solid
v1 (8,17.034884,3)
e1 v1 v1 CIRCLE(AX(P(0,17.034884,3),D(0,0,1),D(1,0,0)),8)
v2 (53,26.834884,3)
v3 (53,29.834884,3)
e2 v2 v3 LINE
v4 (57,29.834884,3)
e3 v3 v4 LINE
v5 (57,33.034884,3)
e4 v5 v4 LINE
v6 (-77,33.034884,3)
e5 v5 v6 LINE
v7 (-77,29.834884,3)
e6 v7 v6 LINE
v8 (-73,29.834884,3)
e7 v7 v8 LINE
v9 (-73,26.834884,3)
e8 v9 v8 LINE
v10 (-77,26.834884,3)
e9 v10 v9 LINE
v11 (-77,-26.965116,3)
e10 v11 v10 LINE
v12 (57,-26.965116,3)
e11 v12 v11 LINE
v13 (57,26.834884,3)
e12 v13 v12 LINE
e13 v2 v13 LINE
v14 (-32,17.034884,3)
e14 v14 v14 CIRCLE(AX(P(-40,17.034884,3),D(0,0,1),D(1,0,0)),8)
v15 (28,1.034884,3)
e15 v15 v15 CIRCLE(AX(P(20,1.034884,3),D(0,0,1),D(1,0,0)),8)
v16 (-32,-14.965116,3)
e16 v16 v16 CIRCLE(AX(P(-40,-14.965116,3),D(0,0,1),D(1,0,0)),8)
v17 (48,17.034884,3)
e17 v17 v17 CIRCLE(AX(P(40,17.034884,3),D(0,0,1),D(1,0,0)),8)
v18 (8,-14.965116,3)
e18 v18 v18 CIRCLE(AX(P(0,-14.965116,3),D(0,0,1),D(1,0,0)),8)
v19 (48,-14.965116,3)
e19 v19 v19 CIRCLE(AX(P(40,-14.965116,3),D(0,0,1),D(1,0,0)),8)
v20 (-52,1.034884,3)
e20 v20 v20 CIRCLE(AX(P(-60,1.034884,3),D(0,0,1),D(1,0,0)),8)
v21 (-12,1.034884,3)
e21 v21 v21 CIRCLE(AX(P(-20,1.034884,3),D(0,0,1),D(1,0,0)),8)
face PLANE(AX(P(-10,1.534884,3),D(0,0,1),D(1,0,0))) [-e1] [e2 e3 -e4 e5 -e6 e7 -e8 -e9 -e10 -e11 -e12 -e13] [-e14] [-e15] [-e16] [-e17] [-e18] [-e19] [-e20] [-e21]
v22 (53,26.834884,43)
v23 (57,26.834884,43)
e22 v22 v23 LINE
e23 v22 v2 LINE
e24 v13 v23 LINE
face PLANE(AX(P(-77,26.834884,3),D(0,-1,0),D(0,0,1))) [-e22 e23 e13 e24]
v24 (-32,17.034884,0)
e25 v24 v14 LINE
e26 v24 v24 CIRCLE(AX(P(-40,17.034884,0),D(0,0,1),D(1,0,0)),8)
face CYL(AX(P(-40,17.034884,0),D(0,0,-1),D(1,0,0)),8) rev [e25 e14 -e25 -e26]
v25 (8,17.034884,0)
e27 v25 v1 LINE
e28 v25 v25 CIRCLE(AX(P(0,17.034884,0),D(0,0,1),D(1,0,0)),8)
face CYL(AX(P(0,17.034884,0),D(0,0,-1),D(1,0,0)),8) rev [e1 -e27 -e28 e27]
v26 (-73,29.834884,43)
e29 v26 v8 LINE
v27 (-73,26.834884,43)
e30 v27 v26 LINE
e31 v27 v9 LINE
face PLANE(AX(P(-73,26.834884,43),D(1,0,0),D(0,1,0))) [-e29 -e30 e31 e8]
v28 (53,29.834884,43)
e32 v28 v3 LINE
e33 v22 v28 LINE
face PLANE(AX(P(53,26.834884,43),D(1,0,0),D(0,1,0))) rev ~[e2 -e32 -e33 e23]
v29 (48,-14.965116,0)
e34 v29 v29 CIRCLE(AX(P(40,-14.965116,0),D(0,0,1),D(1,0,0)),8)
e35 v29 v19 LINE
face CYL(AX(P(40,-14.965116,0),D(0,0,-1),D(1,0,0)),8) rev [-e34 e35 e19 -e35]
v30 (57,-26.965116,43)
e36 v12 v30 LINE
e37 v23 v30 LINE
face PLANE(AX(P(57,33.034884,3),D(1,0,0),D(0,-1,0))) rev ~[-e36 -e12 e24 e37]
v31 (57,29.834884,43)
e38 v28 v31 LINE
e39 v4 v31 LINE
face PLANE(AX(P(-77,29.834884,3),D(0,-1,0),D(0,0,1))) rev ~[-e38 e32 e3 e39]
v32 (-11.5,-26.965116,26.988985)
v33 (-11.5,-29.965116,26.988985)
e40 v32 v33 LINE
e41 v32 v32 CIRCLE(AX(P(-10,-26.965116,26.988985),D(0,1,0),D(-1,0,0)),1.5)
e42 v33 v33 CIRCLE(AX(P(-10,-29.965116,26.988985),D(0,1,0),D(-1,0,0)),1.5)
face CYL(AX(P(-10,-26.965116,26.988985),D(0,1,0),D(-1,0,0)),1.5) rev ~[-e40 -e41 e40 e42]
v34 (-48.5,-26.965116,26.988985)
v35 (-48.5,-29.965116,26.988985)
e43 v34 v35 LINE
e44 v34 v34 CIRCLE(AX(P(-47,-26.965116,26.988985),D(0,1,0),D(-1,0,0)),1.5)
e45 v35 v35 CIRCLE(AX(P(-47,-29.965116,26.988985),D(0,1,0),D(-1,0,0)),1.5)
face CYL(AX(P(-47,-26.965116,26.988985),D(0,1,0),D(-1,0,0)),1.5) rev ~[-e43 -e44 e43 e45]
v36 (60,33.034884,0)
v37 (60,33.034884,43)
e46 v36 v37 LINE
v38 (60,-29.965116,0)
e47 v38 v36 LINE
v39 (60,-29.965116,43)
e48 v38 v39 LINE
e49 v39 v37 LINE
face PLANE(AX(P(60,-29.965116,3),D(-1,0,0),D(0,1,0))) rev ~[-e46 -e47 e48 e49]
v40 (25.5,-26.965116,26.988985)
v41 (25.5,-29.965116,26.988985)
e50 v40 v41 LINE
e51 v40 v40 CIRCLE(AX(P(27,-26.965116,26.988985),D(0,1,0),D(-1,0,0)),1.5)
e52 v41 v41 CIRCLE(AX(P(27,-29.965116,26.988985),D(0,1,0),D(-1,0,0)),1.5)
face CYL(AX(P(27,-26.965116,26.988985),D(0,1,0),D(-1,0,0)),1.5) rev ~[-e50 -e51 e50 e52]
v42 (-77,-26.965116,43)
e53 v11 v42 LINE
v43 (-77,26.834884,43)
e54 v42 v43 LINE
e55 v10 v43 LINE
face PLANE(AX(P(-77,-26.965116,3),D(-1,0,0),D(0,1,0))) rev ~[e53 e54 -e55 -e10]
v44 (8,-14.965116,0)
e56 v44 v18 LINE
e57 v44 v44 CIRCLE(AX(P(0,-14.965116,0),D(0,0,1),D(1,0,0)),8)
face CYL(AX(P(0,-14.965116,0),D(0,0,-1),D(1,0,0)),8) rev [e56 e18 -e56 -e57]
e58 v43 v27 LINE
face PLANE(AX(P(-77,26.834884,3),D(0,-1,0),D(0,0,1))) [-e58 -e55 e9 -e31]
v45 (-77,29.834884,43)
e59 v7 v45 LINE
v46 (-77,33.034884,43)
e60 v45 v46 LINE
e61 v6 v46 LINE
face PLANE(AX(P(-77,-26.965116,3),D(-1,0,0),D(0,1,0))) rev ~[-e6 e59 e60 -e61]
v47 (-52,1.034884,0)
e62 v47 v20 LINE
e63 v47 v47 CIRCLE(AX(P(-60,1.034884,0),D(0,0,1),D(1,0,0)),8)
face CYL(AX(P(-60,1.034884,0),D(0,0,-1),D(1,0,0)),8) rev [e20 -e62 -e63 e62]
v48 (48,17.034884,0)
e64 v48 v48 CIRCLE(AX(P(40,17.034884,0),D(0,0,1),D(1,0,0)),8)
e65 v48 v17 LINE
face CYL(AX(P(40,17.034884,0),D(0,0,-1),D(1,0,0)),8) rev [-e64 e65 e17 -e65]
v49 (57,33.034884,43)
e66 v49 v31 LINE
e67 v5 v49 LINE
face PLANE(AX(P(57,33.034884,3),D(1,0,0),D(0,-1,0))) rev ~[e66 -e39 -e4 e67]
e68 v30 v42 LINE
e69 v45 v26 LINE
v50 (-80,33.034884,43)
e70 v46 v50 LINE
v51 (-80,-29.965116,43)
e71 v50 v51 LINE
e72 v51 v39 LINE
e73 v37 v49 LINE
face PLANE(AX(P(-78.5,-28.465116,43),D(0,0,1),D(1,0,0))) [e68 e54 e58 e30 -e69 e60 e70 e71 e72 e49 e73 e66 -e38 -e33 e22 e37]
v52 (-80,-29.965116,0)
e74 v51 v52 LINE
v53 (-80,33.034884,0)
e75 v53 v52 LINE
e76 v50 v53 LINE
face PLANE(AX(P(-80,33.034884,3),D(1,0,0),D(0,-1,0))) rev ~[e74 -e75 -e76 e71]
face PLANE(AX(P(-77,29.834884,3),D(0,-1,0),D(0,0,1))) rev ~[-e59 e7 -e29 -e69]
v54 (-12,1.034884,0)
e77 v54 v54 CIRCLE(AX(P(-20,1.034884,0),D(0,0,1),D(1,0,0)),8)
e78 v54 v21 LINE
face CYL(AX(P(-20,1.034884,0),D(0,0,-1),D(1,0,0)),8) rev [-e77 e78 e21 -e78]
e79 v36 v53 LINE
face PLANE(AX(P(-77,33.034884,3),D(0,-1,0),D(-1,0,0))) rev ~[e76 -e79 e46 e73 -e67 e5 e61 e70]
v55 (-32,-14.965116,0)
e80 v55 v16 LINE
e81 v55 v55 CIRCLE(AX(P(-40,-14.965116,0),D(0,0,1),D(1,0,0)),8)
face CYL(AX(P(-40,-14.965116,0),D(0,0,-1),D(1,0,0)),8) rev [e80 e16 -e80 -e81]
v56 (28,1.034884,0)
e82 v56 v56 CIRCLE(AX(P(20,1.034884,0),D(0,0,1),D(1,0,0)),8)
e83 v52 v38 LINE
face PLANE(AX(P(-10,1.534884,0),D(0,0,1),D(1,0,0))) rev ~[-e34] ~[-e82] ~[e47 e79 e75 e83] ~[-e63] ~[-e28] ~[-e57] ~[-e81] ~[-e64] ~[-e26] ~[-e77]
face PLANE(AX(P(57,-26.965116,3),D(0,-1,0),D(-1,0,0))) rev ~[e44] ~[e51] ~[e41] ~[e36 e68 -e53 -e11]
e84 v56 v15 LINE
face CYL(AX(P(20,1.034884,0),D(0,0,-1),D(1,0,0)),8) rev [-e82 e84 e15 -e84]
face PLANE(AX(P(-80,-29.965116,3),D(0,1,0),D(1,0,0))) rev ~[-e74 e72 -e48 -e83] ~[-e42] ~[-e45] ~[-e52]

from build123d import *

# Parameters (mm, degrees)
F0_R     = 8
F1_DEPTH = 3
F2_W     = 3
F2_H     = 3
F2_W_2   = 134
F3_DEPTH = 40
F4_W     = 3
F4_H     = 40
F5_DEPTH = 134
F6_W     = 126
F6_H     = 3
F7_DEPTH = 40
F8_R     = 1.5
F9_DEPTH = 3


with BuildPart() as f1:
    # F0 (on Top) → F1 (new body)
    with BuildSketch(Plane.XY):
        Polygon((-60, 33.034884), (-80, 33.034884), (-80, 18.034884), (-80, 0.034884), (-80, -2.965116), (-80, -17.965116), (-80, -29.965116), (60, -29.965116), (60, -24.965116), (60, -14.965116), (60, -9.965116), (60, -4.965116), (60, 0.034884), (60, 18.034884), (60, 33.034884), (40, 33.034884), (20, 33.034884), (0, 33.034884), (-20, 33.034884), (-40, 33.034884), align=None)
        with Locations((-40, -14.965116)):
            Circle(F0_R, mode=Mode.SUBTRACT)
        with Locations((0, -14.965116)):
            Circle(F0_R, mode=Mode.SUBTRACT)
        with Locations((40, -14.965116)):
            Circle(F0_R, mode=Mode.SUBTRACT)
        with Locations((-60, 1.034884)):
            Circle(F0_R, mode=Mode.SUBTRACT)
        with Locations((-20, 1.034884)):
            Circle(F0_R, mode=Mode.SUBTRACT)
        with Locations((-40, 17.034884)):
            Circle(F0_R, mode=Mode.SUBTRACT)
        with Locations((20, 1.034884)):
            Circle(F0_R, mode=Mode.SUBTRACT)
        with Locations((0, 17.034884)):
            Circle(F0_R, mode=Mode.SUBTRACT)
        with Locations((40, 17.034884)):
            Circle(F0_R, mode=Mode.SUBTRACT)
    extrude(amount=F1_DEPTH)

    # F2 (on face) → F3 (join)
    with BuildSketch(Plane.XY.offset(3)):
        with Locations((-78.5, -28.465116)):
            Rectangle(F2_W, F2_H)
        with Locations((-10, -28.465116)):
            Rectangle(F2_W_2, F2_H)
        Polygon((-80, 30.034884), (-80, -26.965116), (-77, -26.965116), (-77, 33.034884), (-80, 33.034884), align=None)
        with Locations((58.5, -28.465116)):
            Rectangle(F2_W, F2_H)
        Polygon((57, 33.034884), (57, -26.965116), (60, -26.965116), (60, 30.034884), (60, 33.034884), align=None)
    extrude(amount=F3_DEPTH)

    # F4 (on face) → F5 (join)
    with BuildSketch(Plane.YZ.offset(-77)):
        with Locations((28.334884, 23)):
            Rectangle(F4_W, F4_H)
    extrude(amount=F5_DEPTH)

    # F6 (on face) → F7 (cut)
    with BuildSketch(Plane.XY.offset(43)):
        with Locations((-10, 28.334884)):
            Rectangle(F6_W, F6_H)
    extrude(amount=-F7_DEPTH, mode=Mode.SUBTRACT)

    # F8 (on face) → F9 (cut)
    with BuildSketch(Plane(origin=(0, -26.965116, 0), x_dir=(-1, 0, 0), z_dir=(0, 1, 0))):
        with Locations((47, 26.988985)):
            Circle(F8_R)
        with Locations((-27, 26.988985)):
            Circle(F8_R)
        with Locations((10, 26.988985)):
            Circle(F8_R)
    extrude(amount=-F9_DEPTH, mode=Mode.SUBTRACT)


solid = f1.part
